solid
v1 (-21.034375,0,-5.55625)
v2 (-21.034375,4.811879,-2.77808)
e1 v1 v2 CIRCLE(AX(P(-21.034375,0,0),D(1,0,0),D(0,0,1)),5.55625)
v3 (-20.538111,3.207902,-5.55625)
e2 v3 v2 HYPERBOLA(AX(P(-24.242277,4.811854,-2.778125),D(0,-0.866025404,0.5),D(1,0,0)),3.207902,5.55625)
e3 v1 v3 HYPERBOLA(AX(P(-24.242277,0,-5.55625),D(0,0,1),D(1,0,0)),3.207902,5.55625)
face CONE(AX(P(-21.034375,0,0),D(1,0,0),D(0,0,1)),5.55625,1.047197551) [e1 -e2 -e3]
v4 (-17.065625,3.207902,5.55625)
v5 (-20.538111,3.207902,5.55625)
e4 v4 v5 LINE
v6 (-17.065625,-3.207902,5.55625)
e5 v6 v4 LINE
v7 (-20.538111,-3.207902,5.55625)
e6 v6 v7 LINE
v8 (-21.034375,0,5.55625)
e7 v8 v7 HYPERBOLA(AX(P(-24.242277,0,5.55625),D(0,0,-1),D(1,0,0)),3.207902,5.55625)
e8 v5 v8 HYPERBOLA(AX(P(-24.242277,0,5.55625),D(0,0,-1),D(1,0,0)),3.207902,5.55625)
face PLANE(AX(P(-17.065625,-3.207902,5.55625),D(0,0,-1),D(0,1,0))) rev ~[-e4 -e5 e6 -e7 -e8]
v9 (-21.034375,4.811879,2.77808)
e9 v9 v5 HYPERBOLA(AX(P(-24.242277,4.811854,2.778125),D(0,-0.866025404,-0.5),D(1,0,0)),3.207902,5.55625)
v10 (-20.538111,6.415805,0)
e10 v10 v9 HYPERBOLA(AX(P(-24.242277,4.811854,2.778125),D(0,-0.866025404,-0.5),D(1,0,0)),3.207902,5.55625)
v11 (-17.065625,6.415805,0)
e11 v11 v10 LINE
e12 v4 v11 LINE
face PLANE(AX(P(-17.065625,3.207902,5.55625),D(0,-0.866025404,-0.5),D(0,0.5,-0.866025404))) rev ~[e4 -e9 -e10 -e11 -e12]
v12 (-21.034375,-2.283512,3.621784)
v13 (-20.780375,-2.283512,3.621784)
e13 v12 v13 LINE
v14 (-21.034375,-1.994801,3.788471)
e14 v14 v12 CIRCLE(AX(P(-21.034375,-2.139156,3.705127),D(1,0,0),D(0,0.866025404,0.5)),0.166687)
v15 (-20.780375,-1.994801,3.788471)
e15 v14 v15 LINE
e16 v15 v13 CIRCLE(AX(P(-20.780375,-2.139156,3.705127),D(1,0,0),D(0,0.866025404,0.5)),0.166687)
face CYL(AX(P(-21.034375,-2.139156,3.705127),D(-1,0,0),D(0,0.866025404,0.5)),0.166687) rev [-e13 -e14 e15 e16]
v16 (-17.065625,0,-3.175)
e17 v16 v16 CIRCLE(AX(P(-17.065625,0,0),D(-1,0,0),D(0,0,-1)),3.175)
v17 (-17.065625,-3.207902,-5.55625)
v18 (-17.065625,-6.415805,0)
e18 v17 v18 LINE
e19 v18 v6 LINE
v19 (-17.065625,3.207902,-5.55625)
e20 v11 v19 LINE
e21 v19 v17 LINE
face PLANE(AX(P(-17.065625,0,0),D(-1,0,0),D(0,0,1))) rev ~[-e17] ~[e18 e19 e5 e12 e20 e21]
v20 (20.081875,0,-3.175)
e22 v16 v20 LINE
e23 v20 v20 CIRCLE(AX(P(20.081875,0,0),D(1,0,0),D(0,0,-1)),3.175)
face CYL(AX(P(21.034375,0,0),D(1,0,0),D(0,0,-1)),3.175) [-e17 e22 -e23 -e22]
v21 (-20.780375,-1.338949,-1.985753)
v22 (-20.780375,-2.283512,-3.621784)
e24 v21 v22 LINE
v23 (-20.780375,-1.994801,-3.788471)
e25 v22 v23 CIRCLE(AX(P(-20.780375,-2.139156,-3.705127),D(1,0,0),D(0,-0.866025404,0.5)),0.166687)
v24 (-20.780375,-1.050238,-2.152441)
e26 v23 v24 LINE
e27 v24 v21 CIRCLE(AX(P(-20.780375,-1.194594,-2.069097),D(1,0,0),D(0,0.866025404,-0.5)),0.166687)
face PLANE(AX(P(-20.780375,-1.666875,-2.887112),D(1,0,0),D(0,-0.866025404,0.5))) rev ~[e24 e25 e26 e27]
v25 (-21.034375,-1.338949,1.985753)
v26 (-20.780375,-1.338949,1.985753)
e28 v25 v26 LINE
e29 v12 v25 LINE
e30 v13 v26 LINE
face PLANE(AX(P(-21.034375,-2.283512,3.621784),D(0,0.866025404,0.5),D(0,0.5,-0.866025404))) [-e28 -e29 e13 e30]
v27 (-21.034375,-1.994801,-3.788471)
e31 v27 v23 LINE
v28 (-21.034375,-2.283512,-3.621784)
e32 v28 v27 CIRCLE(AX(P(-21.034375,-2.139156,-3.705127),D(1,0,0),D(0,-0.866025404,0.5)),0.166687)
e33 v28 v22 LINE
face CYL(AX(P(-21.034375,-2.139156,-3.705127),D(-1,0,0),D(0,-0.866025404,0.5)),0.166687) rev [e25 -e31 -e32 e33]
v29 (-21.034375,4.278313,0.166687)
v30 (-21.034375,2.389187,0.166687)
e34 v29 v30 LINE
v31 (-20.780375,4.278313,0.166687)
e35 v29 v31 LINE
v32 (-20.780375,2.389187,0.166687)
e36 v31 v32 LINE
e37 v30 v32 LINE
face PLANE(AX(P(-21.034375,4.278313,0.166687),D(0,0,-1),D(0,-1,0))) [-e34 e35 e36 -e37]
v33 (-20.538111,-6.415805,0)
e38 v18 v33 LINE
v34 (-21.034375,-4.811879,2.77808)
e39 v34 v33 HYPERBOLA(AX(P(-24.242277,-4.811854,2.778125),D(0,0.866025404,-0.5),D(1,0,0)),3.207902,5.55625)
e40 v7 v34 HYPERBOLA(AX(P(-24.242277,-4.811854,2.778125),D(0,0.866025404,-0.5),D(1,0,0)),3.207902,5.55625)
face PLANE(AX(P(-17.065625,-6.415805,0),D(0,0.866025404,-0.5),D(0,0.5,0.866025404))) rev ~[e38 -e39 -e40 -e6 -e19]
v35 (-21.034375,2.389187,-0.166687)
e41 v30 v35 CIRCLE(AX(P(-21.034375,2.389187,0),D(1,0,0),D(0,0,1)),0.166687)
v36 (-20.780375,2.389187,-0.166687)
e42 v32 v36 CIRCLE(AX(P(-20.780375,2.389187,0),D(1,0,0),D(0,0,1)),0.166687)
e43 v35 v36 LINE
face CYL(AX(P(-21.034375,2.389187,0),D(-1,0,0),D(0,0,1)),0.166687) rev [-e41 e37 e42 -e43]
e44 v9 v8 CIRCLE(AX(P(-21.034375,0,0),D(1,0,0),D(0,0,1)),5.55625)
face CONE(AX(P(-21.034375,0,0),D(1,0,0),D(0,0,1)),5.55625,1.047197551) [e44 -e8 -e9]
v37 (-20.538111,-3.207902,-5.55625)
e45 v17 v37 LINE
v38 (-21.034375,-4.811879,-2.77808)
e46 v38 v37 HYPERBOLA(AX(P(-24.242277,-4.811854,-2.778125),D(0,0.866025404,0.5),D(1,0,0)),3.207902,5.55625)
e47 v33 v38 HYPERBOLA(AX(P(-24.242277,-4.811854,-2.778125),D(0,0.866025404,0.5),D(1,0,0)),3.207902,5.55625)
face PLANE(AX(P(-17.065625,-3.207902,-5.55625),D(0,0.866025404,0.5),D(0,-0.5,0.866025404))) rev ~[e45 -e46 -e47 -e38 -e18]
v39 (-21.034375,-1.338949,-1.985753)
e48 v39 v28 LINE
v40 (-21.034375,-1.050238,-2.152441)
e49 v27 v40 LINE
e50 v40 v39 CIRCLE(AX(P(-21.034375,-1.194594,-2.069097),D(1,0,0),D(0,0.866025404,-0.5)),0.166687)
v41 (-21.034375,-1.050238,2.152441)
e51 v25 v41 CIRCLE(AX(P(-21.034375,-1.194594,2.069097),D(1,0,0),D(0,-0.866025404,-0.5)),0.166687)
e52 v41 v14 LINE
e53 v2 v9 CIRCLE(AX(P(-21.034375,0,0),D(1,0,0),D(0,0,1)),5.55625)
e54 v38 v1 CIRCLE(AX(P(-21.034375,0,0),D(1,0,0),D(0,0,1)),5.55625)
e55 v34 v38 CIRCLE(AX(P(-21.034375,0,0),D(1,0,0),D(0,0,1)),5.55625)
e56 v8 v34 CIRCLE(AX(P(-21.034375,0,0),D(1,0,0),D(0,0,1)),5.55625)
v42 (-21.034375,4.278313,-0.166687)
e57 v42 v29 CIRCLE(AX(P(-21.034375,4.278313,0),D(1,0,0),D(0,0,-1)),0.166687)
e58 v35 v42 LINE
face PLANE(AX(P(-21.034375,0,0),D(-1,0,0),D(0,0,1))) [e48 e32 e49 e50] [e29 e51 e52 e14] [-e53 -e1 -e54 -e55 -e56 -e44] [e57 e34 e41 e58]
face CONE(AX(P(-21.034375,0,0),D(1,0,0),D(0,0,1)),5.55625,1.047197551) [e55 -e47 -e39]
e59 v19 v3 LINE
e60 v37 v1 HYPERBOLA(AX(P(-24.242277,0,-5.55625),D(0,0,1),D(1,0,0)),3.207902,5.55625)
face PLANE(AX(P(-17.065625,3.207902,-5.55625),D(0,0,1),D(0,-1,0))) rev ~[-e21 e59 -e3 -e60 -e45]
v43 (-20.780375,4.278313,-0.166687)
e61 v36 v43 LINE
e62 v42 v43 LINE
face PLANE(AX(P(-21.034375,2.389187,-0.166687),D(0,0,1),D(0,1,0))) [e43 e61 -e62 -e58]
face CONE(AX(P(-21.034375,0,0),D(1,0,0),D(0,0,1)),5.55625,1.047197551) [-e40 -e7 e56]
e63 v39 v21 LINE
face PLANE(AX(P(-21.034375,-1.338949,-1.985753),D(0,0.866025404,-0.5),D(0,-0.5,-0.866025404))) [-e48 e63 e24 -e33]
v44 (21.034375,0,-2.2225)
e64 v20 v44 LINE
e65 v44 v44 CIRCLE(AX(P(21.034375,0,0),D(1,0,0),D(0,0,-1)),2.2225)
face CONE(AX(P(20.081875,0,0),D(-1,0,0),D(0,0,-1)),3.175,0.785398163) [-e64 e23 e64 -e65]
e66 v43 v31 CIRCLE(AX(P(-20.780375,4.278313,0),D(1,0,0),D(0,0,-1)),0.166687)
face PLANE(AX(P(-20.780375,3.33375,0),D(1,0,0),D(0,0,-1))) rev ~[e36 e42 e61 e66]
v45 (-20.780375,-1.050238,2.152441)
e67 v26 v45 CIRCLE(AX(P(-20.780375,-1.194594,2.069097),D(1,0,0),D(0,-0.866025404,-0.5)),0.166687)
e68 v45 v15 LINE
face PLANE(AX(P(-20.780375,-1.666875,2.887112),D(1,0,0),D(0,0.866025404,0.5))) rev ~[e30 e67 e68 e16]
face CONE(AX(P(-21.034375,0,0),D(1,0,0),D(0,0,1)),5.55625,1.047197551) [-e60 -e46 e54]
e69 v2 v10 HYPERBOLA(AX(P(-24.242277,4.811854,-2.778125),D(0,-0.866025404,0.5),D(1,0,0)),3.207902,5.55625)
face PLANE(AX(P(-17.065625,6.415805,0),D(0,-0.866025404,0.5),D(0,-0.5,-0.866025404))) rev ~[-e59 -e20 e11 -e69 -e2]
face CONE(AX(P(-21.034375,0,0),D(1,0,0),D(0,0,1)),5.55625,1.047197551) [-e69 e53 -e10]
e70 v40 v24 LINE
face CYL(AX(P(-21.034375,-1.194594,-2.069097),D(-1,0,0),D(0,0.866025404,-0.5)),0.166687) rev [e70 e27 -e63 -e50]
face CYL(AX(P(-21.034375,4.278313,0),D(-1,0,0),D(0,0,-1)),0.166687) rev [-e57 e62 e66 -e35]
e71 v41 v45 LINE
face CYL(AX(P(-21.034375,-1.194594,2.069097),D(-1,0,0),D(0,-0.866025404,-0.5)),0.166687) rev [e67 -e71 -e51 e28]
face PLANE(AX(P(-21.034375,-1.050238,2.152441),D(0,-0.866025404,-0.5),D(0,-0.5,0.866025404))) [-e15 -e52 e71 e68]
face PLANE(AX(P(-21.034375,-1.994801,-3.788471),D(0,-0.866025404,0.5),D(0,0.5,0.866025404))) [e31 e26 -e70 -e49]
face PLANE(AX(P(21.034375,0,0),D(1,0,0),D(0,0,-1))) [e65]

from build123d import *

# Parameters (mm, degrees)
SKETCH5_R           = 3.175
BOSS_EXTRUDE3_DEPTH = 38.1
CHAMFER1_SIZE       = 0.9525
BOSS_EXTRUDE4_DEPTH = 3.96875
SKETCH8_OUTSIDE_W   = 171.38
SKETCH8_OUTSIDE_H   = 173.1
SKETCH8_OUTSIDE_R   = 5.55625
CUT_EXTRUDE3_DEPTH  = 43.06875
CUT_EXTRUDE3_TAPER  = 60
CUT_EXTRUDE4_DEPTH  = 0.254
CIRPATTERN1_COUNT   = 3


with BuildPart() as part:
    # Sketch5 → Boss-Extrude3 (new body)
    with BuildSketch(Plane(origin=(21.034375, 0, 0), x_dir=(0, 0, -1), z_dir=(1, 0, 0))):
        Circle(SKETCH5_R)
    extrude(amount=-BOSS_EXTRUDE3_DEPTH)

    # Chamfer1
    chamfer1_edges = [part.edges().sort_by_distance(p)[0] for p in [
        (21.034375, 0, 3.175),
    ]]
    chamfer(chamfer1_edges, length=CHAMFER1_SIZE)

    # Sketch11 → Revolve1 (revolve)
    with BuildSketch(Plane.XY):
        Polygon((-17.065625, 3.175), (-17.065625, 0), (5.159375, 0), (1.984375, 3.175), align=None)
    revolve(axis=Axis((-17.065625, 0, 0), (1, 0, 0)))

    # Sketch6 → Boss-Extrude4 (add)
    with BuildSketch(Plane.ZY.offset(17.065625)):
        Polygon((5.55625, 3.207902433), (0, 6.415804866), (-5.55625, 3.207902433), (-5.55625, -3.207902433), (0, -6.415804866), (5.55625, -3.207902433), align=None)
    extrude(amount=BOSS_EXTRUDE4_DEPTH)

    # Sketch8 outside → Cut-Extrude3 (cut, through all)
    with BuildSketch(Plane.ZY.offset(21.034375)):
        Rectangle(SKETCH8_OUTSIDE_W, SKETCH8_OUTSIDE_H)
        Circle(SKETCH8_OUTSIDE_R, mode=Mode.SUBTRACT)
    extrude(amount=-CUT_EXTRUDE3_DEPTH, taper=CUT_EXTRUDE3_TAPER, mode=Mode.SUBTRACT)

    # Sketch12 → Cut-Extrude4 (cut)
    with BuildSketch(Plane.ZY.offset(21.034375)):
        with BuildLine():
            Line((0.1666875, 4.2783125), (0.1666875, 2.3891875))
            ThreePointArc((0.1666875, 2.3891875), (0, 2.2225), (-0.1666875, 2.3891875))
            Line((-0.1666875, 2.3891875), (-0.1666875, 4.2783125))
            ThreePointArc((-0.1666875, 4.2783125), (0, 4.445), (0.1666875, 4.2783125))
        make_face()
    cut_extrude4 = extrude(amount=-CUT_EXTRUDE4_DEPTH, mode=Mode.SUBTRACT)

    # CirPattern1: Cut-Extrude4 ×3 about axis
    cirpattern1_axis = Axis((0, 0, 0), (1, 0, 0))
    for i in range(1, CIRPATTERN1_COUNT):
        add(cut_extrude4.rotate(cirpattern1_axis, i * 360 / CIRPATTERN1_COUNT), mode=Mode.SUBTRACT)


solid = part.part
